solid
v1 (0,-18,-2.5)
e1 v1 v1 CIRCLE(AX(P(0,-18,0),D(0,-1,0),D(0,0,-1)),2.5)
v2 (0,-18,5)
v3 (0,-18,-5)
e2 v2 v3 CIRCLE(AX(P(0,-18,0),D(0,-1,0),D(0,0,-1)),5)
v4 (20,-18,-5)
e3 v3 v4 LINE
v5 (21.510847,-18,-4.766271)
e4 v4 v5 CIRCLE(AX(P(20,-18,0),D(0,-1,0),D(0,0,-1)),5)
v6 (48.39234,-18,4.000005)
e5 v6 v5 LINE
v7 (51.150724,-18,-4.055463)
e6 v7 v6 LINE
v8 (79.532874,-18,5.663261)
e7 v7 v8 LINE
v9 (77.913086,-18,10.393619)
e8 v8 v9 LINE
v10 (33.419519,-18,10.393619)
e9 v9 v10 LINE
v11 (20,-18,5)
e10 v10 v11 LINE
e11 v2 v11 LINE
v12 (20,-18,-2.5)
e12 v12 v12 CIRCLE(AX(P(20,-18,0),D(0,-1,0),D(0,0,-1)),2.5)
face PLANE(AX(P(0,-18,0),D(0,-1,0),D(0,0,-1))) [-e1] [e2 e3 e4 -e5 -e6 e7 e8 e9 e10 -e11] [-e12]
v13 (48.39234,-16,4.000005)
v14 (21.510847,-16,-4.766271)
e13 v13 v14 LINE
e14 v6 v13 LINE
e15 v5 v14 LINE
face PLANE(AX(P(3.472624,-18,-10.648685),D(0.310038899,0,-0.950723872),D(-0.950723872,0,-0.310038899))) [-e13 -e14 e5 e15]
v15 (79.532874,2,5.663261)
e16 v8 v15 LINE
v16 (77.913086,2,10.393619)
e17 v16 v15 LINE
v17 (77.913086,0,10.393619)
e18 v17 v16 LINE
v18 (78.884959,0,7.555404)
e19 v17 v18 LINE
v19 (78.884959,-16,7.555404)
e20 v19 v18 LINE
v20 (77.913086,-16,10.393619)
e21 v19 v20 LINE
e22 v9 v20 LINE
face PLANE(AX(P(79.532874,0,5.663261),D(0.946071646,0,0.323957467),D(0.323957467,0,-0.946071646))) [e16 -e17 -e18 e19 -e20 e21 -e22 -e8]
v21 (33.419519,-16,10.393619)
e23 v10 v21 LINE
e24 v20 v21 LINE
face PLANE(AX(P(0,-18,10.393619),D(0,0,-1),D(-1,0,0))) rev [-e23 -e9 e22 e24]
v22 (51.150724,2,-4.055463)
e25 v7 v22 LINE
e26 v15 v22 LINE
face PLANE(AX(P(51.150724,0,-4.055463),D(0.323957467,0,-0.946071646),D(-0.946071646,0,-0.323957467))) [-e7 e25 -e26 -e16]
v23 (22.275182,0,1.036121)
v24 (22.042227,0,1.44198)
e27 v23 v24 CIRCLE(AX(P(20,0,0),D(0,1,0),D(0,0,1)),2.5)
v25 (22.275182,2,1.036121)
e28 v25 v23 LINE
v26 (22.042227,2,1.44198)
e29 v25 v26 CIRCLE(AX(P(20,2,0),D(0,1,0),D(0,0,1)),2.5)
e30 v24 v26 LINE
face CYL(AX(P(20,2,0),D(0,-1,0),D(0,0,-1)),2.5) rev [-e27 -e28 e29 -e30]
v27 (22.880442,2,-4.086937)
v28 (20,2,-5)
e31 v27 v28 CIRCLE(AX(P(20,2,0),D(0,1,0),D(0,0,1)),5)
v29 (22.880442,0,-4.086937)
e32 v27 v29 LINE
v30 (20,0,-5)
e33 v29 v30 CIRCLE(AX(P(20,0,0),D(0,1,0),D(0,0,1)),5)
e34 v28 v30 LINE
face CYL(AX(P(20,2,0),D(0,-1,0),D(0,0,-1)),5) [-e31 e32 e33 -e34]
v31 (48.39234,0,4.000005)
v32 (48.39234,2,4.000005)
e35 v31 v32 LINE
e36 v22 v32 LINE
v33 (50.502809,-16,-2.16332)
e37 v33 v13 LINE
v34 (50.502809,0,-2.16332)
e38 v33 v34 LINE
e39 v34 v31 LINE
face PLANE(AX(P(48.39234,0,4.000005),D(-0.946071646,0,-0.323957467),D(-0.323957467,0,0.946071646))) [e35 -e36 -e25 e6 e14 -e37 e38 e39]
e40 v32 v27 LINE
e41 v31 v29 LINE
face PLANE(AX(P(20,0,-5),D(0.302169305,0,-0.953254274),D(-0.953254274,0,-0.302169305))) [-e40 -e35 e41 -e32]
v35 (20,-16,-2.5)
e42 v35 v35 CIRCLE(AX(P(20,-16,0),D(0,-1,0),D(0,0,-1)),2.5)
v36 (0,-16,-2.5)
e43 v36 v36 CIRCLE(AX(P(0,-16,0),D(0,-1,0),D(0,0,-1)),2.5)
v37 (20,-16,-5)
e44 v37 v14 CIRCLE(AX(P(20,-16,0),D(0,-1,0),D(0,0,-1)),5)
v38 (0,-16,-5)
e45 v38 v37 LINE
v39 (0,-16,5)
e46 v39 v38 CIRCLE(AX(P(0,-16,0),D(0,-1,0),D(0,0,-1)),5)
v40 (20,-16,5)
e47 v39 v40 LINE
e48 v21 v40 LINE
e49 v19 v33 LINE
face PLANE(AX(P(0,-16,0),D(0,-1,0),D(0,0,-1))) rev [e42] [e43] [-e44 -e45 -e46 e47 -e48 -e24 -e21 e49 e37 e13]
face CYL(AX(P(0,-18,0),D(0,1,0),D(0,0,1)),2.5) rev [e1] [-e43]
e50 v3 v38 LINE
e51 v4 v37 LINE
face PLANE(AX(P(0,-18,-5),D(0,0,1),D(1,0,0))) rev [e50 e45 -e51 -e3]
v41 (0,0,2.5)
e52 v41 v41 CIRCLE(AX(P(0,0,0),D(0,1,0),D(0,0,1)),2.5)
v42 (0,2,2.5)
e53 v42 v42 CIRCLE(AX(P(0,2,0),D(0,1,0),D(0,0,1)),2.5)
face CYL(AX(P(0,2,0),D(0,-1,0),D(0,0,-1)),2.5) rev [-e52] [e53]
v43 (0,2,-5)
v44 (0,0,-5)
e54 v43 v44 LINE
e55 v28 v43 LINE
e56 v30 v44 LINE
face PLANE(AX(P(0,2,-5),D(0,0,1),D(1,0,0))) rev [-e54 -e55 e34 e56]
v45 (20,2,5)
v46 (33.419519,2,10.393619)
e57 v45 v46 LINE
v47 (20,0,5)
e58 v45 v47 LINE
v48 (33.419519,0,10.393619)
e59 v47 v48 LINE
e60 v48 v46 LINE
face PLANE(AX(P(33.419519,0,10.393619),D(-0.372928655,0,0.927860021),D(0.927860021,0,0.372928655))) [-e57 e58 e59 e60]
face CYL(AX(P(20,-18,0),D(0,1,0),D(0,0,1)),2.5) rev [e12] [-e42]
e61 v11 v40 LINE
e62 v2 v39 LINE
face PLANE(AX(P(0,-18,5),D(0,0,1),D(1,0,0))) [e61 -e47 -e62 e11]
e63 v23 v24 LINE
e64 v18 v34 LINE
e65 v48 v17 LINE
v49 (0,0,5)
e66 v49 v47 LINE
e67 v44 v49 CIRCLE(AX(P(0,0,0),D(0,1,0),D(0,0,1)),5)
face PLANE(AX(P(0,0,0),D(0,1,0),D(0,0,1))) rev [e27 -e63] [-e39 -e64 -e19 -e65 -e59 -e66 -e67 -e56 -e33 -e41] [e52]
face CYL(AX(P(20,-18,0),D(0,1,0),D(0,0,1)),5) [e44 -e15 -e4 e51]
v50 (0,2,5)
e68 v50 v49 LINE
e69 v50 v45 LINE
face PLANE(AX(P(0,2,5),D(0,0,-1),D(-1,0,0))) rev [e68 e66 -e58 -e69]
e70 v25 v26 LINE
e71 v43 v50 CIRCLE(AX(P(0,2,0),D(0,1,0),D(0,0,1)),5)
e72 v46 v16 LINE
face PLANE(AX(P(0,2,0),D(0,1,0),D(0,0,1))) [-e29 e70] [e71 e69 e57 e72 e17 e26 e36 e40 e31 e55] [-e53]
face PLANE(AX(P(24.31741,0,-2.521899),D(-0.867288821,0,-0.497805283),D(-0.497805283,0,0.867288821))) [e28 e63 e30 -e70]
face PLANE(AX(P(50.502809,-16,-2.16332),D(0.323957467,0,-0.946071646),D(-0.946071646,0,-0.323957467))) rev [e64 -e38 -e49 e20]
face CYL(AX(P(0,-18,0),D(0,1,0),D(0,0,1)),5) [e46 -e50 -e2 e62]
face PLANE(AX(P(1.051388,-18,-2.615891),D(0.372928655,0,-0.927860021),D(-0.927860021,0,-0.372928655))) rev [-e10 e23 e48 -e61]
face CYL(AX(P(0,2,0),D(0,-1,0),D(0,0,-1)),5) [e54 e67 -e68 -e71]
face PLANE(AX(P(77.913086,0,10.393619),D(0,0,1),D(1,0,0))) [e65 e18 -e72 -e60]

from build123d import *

# Parameters (mm, degrees)
SKETCH1_R           = 2.5
BOSS_EXTRUDE1_DEPTH = 2
BOSS_EXTRUDE2_DEPTH = 2
BOSS_EXTRUDE3_DEPTH = 16
BOSS_EXTRUDE4_START = 2
SKETCH5_R           = 2.5
BOSS_EXTRUDE4_DEPTH = 2


with BuildPart() as part:
    # Sketch1 → Boss-Extrude1 (new body)
    with BuildSketch(Plane(origin=(0, 0, 0), x_dir=(1, 0, 0), z_dir=(0, 1, 0))):
        with BuildLine():
            Line((0, 5), (20, 5))
            ThreePointArc((20, 5), (25, 0), (20, -5))
            Line((20, -5), (0, -5))
            ThreePointArc((0, -5), (-5, 0), (0, 5))
        make_face()
        with Locations(Location((0, 0, 0), (0, 0, 270))):
            Circle(SKETCH1_R, mode=Mode.SUBTRACT)
        with Locations(Location((20, 0, 0), (0, 0, 270))):
            Circle(SKETCH1_R, mode=Mode.SUBTRACT)
    extrude(amount=BOSS_EXTRUDE1_DEPTH)

    # Sketch3 → Boss-Extrude2 (add)
    with BuildSketch(Plane(origin=(0, 2, 0), x_dir=(1, 0, 0), z_dir=(0, 1, 0))):
        Polygon((20, 5), (48.392339972, -4.000005434), (51.150724408, 4.055463463), (79.532873786, -5.663260562), (77.913086448, -10.393618791), (33.419519193, -10.393618791), (20, -5), (24.317409575, 2.521898999), align=None)
    extrude(amount=-BOSS_EXTRUDE2_DEPTH)

    # Sketch4 → Boss-Extrude3 (add)
    with BuildSketch(Plane.XZ):
        Polygon((51.150724408, -4.055463463), (79.532873786, 5.663260562), (78.884958851, 7.555403854), (50.502809473, -2.163320171), align=None)
    extrude(amount=BOSS_EXTRUDE3_DEPTH)

    # Sketch5 → Boss-Extrude4 (add)
    with BuildSketch(Plane.XZ.offset(16).offset(BOSS_EXTRUDE4_START)):
        with BuildLine():
            Line((48.392339972, 4.000005434), (51.150724408, -4.055463463))
            Line((51.150724408, -4.055463463), (79.532873786, 5.663260562))
            Line((79.532873786, 5.663260562), (77.913086448, 10.393618791))
            Line((77.913086448, 10.393618791), (33.419519193, 10.393618791))
            Line((33.419519193, 10.393618791), (20, 5))
            Line((20, 5), (0, 5))
            ThreePointArc((0, 5), (-5, 0), (0, -5))
            Line((0, -5), (20, -5))
            ThreePointArc((20, -5), (20.764409298, -4.941222361), (21.510846527, -4.76627137))
            Line((21.510846527, -4.76627137), (21.589436532, -4.740642521))
            Line((21.589436532, -4.740642521), (48.392339972, 4.000005434))
        make_face()
        with Locations(Location((0, 0, 0), (0, 0, 90))):
            Circle(SKETCH5_R, mode=Mode.SUBTRACT)
        with Locations(Location((20, 0, 0), (0, 0, 270))):
            Circle(SKETCH5_R, mode=Mode.SUBTRACT)
    extrude(amount=-BOSS_EXTRUDE4_DEPTH)


solid = part.part
